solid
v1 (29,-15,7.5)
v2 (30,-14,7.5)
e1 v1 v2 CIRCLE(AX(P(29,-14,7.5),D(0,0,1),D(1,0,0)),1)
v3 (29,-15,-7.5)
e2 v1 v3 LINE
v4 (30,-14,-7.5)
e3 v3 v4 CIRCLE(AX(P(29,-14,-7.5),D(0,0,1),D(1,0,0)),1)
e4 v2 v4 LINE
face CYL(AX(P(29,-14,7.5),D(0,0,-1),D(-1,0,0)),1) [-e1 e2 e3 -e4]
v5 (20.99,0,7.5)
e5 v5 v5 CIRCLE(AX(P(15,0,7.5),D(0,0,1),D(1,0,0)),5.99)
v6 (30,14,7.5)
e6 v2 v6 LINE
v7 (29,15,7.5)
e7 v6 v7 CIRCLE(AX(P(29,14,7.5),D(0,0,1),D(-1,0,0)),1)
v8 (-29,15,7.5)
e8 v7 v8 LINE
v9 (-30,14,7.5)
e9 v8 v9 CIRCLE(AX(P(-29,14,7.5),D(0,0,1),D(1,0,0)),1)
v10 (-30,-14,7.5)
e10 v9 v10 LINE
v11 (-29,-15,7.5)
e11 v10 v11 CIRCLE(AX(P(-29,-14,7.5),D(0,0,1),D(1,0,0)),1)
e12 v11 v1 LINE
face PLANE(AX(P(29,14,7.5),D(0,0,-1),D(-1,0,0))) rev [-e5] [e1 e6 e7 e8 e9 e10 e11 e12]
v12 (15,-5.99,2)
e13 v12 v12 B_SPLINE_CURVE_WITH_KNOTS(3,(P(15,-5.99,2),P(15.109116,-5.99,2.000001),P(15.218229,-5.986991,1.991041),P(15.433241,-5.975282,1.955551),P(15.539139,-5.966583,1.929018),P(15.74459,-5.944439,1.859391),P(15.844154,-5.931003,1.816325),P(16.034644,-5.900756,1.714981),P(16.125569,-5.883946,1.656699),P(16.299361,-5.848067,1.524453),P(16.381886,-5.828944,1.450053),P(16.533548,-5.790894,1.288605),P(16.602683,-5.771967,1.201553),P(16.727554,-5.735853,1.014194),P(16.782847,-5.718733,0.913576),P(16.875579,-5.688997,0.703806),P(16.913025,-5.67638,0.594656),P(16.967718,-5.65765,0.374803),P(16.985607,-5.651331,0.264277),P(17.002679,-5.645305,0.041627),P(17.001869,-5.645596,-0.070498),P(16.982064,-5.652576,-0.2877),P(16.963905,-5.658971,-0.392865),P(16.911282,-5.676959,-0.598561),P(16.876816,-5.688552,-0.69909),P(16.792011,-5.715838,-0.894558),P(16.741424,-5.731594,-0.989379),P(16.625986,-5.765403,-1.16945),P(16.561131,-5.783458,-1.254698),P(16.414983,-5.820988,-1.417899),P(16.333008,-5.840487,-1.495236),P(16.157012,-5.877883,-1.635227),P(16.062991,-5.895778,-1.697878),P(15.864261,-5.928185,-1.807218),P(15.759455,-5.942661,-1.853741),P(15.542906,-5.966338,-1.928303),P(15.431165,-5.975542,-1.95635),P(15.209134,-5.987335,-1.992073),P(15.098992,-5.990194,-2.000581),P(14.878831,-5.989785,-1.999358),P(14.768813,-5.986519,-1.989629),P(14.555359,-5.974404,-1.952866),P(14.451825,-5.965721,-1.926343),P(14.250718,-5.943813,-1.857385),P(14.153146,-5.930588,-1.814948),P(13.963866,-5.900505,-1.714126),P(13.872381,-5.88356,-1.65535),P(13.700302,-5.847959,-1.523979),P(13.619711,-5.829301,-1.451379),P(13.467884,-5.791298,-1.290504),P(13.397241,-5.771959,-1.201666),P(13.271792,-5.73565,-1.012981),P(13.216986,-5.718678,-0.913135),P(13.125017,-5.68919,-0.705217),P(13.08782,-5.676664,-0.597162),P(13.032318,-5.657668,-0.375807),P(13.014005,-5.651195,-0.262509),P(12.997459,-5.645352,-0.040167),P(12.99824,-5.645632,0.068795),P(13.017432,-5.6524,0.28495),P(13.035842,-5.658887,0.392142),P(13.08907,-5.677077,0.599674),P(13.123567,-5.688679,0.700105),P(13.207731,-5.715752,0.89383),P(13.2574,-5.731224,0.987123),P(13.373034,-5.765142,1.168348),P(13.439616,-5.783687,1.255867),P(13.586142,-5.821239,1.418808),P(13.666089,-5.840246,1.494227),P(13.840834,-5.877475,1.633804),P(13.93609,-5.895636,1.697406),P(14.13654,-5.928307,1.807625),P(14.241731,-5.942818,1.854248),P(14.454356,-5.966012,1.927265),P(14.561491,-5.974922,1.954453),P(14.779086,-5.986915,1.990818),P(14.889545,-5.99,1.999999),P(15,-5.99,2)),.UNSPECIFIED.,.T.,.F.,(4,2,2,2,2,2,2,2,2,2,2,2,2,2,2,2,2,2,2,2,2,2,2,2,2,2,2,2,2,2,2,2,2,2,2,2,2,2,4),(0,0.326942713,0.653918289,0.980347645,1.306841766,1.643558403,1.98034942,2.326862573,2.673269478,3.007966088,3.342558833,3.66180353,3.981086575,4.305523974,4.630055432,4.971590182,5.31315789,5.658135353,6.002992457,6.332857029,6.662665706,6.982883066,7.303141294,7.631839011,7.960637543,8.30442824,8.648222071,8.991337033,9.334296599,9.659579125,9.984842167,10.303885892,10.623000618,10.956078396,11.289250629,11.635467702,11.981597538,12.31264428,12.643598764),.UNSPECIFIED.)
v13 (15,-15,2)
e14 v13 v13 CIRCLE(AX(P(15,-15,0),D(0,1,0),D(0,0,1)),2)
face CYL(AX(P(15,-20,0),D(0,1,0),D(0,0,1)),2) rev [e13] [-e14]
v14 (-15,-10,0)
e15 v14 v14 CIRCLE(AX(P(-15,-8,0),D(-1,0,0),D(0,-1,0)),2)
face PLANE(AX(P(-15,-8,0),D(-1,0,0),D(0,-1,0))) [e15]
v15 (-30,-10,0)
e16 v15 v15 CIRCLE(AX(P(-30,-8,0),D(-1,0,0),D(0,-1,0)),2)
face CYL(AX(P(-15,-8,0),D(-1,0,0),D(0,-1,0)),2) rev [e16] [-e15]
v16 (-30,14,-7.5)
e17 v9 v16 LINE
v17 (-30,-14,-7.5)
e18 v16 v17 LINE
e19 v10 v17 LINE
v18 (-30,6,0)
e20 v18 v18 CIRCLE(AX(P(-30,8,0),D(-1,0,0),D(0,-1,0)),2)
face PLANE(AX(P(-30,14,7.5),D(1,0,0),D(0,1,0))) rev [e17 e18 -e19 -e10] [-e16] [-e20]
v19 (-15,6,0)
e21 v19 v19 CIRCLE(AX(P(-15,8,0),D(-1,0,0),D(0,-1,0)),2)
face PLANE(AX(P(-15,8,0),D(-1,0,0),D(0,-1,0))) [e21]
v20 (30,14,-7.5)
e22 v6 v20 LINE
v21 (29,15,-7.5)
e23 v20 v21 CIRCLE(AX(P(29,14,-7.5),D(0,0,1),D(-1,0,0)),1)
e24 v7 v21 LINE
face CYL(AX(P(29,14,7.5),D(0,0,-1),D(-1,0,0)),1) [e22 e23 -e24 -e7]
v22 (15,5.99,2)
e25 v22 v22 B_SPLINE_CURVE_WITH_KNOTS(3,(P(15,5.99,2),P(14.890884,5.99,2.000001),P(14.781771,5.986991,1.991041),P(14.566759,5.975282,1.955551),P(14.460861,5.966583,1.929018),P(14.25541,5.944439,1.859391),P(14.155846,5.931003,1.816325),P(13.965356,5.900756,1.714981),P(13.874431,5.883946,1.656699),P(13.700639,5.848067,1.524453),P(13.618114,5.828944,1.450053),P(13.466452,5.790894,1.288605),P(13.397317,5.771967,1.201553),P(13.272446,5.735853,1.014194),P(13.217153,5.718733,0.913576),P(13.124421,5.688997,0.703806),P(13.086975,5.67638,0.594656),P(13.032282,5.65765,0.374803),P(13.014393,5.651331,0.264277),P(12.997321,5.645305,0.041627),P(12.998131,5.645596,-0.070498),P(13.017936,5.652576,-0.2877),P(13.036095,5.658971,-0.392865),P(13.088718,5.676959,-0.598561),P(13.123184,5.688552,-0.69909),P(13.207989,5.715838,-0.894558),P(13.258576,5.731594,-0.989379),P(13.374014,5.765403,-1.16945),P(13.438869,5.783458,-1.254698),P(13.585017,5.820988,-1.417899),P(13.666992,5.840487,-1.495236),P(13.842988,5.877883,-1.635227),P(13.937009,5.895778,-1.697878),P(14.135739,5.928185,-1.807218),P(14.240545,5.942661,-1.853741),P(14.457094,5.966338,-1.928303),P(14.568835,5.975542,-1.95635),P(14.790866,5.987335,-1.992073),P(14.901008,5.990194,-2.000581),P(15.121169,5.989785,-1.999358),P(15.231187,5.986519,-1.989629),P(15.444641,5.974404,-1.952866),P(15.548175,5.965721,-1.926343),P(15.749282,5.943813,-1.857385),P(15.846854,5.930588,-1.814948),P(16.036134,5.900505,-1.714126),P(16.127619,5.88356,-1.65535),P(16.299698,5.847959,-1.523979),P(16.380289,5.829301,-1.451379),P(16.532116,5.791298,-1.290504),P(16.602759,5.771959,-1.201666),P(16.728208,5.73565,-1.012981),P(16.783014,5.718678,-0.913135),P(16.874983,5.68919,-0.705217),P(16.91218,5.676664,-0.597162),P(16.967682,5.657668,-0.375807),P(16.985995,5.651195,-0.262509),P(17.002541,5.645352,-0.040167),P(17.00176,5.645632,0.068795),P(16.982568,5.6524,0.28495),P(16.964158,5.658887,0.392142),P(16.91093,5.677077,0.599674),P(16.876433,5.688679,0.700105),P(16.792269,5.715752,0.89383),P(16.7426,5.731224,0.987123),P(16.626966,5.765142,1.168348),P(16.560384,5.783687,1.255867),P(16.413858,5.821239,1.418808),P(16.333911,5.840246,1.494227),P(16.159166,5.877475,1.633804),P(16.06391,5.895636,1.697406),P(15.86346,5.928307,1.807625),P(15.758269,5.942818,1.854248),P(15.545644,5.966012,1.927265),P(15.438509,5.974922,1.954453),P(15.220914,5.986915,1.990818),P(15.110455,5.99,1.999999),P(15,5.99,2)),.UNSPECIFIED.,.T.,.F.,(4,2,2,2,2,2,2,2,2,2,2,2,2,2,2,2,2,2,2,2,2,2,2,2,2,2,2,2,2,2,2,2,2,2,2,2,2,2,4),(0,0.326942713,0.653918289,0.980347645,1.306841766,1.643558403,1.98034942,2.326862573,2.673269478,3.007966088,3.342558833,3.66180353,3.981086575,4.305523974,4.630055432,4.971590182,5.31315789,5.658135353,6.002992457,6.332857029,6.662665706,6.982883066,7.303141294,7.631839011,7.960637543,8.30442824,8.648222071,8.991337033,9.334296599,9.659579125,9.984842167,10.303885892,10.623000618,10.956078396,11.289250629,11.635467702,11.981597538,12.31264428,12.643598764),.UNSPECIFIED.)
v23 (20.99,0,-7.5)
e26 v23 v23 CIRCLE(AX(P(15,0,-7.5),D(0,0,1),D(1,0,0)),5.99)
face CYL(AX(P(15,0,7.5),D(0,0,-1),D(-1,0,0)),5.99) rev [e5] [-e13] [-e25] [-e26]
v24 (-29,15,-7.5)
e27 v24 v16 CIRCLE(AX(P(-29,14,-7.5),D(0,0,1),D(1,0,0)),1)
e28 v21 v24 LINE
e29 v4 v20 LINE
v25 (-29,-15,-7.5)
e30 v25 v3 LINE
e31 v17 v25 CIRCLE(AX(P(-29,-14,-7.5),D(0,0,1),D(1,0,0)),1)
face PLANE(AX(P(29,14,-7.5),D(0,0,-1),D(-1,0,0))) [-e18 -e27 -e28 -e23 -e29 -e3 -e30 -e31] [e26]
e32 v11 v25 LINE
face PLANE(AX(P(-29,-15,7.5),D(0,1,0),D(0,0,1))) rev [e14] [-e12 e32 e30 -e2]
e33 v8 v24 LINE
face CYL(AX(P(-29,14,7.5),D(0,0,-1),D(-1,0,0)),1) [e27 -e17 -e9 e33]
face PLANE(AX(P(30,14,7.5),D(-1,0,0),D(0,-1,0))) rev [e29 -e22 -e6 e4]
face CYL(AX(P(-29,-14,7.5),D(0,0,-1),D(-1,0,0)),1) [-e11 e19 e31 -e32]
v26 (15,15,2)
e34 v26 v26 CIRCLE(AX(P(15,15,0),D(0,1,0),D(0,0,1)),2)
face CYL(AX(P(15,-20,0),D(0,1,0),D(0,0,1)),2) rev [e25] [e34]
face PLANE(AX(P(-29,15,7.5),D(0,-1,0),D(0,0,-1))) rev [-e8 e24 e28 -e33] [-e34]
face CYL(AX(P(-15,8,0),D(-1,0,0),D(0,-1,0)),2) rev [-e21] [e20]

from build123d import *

# Parameters (mm, degrees)
SKETCH1_R           = 5.99
BOSS_EXTRUDE1_DEPTH = 7.5
SKETCH2_R           = 2
CUT_EXTRUDE1_DEPTH  = 15
SKETCH3_R           = 2
CUT_EXTRUDE5_DEPTH  = 35


with BuildPart() as part:
    # Sketch1 → Boss-Extrude1 (new, symmetric)
    with BuildSketch(Plane.XY):
        with BuildLine():
            Line((-29, 15), (29, 15))
            ThreePointArc((29, 15), (29.707106781, 14.707106781), (30, 14))
            Line((30, 14), (30, -14))
            ThreePointArc((30, -14), (29.707106781, -14.707106781), (29, -15))
            Line((29, -15), (-29, -15))
            ThreePointArc((-29, -15), (-29.707106781, -14.707106781), (-30, -14))
            Line((-30, -14), (-30, 14))
            ThreePointArc((-30, 14), (-29.707106781, 14.707106781), (-29, 15))
        make_face()
        with Locations((15, 0)):
            Circle(SKETCH1_R, mode=Mode.SUBTRACT)
    extrude(amount=BOSS_EXTRUDE1_DEPTH, both=True)

    # Sketch2 → Cut-Extrude1 (cut)
    with BuildSketch(Plane.ZY.offset(30)):
        with Locations(Location((0, 8, 0), (0, 0, 270))):
            Circle(SKETCH2_R)
        with Locations(Location((0, -8, 0), (0, 0, 270))):
            Circle(SKETCH2_R)
    extrude(amount=-CUT_EXTRUDE1_DEPTH, mode=Mode.SUBTRACT)

    # Sketch3 → Cut-Extrude5 (cut)
    with BuildSketch(Plane(origin=(0, 15, 0), x_dir=(1, 0, 0), z_dir=(0, 1, 0))):
        with Locations(Location((15, 0, 0), (0, 0, 270))):
            Circle(SKETCH3_R)
    extrude(amount=-CUT_EXTRUDE5_DEPTH, mode=Mode.SUBTRACT)


solid = part.part
